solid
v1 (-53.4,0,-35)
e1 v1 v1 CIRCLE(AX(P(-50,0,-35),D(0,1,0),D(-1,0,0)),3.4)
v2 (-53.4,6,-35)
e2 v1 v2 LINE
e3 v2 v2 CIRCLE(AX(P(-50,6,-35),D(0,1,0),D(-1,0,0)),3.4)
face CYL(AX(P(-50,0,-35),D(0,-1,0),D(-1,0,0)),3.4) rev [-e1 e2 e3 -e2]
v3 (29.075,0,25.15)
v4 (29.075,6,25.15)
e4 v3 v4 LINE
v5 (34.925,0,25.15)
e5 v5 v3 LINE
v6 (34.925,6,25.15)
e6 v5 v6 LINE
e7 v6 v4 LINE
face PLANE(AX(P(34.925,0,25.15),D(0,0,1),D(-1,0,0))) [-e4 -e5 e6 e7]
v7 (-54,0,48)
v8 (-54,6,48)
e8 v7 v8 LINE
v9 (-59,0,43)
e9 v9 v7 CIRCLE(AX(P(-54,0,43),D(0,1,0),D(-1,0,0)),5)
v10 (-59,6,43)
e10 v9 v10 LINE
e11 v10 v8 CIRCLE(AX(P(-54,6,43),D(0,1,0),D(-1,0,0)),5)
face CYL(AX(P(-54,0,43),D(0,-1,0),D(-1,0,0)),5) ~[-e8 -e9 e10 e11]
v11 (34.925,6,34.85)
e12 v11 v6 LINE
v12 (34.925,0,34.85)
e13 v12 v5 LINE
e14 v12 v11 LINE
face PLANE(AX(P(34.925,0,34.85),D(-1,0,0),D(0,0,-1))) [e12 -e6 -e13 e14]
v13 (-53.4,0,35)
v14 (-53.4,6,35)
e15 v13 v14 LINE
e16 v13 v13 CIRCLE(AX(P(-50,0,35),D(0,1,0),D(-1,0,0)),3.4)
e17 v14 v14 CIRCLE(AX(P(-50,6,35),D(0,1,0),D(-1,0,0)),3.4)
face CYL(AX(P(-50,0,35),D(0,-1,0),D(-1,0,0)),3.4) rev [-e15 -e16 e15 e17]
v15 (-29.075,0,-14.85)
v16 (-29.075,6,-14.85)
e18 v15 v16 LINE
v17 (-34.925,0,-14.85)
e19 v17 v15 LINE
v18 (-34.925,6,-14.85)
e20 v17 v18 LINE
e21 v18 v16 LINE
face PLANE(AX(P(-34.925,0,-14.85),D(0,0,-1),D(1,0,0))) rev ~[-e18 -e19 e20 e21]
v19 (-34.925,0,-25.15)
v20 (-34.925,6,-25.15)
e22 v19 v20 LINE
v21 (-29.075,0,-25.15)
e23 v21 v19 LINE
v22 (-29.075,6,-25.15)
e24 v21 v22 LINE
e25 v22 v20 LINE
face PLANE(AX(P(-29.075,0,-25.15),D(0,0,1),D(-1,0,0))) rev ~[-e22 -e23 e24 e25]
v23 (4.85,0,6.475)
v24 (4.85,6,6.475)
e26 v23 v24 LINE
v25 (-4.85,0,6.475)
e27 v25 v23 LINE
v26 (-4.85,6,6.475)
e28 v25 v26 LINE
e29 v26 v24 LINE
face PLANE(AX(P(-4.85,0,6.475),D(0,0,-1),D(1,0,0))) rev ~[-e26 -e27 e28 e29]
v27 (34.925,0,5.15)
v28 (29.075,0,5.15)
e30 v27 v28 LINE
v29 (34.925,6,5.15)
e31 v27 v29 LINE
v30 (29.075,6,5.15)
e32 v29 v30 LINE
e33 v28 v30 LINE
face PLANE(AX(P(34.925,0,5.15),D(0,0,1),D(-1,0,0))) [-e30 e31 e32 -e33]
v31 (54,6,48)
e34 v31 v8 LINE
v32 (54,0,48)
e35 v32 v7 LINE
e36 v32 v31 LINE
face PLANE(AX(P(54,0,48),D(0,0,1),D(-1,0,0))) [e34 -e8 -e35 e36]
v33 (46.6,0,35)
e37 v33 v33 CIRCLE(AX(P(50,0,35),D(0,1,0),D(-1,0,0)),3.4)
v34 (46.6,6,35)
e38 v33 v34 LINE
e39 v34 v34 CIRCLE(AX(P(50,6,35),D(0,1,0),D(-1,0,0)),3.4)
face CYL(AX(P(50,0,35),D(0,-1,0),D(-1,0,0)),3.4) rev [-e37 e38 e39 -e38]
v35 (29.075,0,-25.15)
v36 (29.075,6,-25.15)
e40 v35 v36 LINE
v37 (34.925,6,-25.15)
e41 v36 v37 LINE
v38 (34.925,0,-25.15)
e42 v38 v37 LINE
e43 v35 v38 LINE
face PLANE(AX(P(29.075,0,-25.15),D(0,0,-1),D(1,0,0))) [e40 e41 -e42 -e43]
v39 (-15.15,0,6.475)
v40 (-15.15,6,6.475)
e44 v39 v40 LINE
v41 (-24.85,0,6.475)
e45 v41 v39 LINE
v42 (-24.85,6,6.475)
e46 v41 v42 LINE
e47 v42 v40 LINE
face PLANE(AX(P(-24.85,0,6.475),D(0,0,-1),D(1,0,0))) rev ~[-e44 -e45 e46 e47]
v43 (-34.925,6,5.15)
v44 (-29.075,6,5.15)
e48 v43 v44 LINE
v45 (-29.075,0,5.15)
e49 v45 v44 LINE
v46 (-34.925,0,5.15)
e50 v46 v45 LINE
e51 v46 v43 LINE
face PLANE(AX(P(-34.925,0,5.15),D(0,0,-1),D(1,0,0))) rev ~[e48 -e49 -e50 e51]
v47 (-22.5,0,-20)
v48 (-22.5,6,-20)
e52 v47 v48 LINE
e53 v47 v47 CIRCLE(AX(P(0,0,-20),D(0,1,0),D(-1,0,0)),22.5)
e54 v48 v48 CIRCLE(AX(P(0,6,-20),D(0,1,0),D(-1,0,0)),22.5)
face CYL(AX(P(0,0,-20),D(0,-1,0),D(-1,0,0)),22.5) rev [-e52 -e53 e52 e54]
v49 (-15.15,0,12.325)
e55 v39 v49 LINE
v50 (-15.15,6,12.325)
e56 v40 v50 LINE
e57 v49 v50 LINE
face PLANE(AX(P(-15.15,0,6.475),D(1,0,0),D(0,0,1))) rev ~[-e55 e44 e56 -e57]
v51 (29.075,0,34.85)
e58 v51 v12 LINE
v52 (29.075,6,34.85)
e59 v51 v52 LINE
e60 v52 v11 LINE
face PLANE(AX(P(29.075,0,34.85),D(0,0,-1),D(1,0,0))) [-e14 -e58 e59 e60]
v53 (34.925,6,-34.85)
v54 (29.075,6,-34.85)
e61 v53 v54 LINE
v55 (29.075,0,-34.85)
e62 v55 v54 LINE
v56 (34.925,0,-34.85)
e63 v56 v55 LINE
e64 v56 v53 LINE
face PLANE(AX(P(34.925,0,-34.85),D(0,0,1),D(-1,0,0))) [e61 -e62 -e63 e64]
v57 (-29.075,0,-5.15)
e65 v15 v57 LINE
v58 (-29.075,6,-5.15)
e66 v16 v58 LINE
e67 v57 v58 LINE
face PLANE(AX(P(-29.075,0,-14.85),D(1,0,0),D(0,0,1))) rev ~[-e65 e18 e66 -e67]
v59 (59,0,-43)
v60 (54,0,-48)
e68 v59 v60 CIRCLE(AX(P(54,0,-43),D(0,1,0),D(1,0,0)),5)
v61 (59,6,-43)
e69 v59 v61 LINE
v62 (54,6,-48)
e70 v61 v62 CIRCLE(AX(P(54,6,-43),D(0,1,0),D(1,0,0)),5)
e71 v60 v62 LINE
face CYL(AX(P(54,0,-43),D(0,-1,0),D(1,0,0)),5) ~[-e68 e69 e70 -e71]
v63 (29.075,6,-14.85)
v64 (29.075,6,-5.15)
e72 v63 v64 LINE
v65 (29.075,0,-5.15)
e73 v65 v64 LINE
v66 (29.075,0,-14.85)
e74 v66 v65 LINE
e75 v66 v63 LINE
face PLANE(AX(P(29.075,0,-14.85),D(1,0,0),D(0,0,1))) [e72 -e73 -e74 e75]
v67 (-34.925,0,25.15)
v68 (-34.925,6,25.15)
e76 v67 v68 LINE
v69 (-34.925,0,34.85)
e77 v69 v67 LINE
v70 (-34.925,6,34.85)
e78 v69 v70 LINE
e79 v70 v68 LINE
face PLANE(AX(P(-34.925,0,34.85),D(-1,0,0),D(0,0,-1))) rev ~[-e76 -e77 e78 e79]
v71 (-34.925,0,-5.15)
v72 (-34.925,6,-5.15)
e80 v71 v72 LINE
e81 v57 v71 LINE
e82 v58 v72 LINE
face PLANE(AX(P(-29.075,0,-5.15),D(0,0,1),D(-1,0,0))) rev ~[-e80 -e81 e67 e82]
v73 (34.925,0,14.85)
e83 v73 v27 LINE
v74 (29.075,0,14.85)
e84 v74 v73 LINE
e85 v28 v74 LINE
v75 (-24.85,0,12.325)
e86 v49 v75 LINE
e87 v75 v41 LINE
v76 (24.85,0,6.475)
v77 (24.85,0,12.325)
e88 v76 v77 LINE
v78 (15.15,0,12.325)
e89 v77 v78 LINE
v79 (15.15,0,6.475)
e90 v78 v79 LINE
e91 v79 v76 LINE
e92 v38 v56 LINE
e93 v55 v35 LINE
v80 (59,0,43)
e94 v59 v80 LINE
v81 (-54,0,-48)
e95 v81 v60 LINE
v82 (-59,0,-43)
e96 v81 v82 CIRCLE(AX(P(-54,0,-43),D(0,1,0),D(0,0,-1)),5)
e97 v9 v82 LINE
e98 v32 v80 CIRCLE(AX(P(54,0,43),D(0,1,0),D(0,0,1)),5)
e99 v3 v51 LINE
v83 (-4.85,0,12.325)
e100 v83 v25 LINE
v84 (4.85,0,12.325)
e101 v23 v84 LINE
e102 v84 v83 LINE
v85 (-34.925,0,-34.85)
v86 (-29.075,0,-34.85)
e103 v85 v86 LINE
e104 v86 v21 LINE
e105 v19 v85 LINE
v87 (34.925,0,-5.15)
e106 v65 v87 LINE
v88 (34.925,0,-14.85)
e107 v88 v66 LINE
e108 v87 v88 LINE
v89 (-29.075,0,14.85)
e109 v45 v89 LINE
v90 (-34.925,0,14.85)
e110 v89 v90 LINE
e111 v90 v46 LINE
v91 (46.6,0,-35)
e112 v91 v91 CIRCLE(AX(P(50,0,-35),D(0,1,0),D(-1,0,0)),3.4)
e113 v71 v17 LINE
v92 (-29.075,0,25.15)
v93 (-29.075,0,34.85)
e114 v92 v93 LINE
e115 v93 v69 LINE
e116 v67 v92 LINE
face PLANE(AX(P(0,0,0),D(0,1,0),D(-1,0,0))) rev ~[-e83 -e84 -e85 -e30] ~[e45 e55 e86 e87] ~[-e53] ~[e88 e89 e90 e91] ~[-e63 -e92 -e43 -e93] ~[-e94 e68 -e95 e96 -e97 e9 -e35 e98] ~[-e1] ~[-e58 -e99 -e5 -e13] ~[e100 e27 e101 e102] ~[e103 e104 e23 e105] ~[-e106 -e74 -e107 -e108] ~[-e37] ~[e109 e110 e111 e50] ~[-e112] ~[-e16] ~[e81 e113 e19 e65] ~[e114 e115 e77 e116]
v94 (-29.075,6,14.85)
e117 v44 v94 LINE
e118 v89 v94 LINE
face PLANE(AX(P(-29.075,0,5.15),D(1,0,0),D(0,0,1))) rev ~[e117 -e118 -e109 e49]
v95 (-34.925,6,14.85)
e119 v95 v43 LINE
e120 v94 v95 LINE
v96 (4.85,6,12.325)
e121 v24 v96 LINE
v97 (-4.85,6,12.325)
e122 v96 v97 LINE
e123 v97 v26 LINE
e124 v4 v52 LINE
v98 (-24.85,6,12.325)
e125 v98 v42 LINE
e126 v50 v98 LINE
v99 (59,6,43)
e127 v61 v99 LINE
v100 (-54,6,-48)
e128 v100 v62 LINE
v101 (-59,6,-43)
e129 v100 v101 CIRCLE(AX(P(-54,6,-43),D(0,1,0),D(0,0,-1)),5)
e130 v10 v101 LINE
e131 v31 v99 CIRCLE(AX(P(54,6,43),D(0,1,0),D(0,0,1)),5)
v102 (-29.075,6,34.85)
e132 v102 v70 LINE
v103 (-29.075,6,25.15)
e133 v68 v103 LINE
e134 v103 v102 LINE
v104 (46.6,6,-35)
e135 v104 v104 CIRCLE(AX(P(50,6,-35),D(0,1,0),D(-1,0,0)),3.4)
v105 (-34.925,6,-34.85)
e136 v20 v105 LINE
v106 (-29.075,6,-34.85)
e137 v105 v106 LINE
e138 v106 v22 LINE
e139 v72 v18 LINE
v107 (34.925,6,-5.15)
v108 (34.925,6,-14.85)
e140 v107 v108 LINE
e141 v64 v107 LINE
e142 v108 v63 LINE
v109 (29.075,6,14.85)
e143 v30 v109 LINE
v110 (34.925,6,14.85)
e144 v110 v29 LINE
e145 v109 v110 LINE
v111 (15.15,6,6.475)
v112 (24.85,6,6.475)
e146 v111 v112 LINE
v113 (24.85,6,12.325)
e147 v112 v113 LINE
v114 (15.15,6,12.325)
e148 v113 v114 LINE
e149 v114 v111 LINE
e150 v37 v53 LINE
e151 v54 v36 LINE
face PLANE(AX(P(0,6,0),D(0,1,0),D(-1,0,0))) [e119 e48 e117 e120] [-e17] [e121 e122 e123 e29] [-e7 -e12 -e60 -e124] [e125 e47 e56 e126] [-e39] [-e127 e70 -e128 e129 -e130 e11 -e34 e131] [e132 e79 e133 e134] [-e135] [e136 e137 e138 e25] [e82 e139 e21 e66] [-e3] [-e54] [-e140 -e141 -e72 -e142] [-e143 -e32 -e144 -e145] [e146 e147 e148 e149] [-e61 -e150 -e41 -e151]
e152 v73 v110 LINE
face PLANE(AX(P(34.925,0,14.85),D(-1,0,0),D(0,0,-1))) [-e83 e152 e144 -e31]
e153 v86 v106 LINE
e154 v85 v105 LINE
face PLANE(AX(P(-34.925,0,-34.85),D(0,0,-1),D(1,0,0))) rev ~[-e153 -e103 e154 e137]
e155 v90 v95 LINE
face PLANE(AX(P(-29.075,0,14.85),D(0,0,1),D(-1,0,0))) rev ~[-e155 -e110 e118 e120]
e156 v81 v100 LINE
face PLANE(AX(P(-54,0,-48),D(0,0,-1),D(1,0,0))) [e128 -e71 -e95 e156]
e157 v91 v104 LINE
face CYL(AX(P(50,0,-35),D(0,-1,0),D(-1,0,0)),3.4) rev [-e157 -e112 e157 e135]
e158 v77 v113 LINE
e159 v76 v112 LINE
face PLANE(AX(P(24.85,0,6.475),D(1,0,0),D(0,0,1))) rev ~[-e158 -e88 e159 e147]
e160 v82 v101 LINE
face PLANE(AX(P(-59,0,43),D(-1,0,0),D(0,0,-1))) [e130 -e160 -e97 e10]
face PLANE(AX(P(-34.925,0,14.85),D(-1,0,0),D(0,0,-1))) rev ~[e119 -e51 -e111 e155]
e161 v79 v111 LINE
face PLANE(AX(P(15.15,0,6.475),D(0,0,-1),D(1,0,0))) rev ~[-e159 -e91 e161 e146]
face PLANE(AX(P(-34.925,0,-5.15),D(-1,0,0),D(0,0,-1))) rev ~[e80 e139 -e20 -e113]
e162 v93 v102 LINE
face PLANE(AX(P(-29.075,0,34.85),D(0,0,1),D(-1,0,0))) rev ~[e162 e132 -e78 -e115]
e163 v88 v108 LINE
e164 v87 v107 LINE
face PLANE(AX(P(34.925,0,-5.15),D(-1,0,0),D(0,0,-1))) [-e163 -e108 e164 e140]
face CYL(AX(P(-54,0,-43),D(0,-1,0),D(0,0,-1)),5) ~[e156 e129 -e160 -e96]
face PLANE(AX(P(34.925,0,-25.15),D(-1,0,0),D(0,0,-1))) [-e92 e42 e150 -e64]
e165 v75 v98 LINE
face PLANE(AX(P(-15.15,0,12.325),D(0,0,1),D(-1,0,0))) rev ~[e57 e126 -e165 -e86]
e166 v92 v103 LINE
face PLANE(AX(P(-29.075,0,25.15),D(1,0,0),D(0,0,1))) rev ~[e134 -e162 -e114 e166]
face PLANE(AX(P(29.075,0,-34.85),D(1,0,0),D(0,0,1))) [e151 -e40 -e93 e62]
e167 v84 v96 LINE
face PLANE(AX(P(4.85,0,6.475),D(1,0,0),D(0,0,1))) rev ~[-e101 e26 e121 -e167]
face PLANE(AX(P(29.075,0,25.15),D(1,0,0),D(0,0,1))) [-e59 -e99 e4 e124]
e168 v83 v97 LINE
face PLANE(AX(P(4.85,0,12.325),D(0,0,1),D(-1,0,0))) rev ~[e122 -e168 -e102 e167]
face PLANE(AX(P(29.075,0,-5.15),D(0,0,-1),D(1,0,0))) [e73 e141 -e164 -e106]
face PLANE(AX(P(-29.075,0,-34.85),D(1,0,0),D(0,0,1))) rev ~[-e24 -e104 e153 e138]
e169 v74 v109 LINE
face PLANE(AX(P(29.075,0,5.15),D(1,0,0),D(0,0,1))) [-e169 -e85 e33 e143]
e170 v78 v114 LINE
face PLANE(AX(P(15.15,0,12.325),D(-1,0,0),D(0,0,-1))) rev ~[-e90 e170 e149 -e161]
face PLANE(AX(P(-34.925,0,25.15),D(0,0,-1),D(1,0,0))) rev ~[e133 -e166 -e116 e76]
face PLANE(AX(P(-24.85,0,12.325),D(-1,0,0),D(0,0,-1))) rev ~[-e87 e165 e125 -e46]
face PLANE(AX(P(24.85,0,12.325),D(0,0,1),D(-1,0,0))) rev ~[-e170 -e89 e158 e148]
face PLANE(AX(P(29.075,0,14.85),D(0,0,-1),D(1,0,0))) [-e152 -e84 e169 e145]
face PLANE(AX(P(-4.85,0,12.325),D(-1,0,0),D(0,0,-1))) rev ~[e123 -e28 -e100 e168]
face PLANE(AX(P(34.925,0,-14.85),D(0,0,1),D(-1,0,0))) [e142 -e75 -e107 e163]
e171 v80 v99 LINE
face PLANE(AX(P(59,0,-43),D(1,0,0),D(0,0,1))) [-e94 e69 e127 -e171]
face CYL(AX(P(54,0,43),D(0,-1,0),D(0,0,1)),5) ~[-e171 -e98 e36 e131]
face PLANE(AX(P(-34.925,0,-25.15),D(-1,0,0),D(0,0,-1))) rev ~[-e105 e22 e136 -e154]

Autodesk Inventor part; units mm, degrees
ref_plane "YZ Plane" through (0, 0, 0) normal (1, 0, 0) x (0, 1, 0)
ref_plane "XZ Plane" through (0, 0, 0) normal (0, 1, 0) x (-1, 0, 0)
ref_plane "XY Plane" through (0, 0, 0) normal (0, 0, 1) x (1, 0, 0)
sketch "Sketch1" plane through (0, 0, 0) normal (0, 1, 0) x (-1, 0, 0)
  line L0 (54, -48) -> (-54, -48)
  line L1 (-59, -43) -> (-59, 43)
  line L2 (-54, 48) -> (54, 48)
  line L3 (59, 43) -> (59, -43)
  line L4 (50, -35) -> (-50, -35) construction
  line L5 (-50, -35) -> (-50, 35) construction
  line L6 (-50, 35) -> (50, 35) construction
  line L7 (50, 35) -> (50, -35) construction
  arc A0 (59, 43) -> (54, 48) centre (54, 43) ccw
  arc A1 (-54, 48) -> (-59, 43) centre (-54, 43) ccw
  arc A2 (-59, -43) -> (-54, -48) centre (-54, -43) ccw
  arc A3 (54, -48) -> (59, -43) centre (54, -43) ccw
  circle A4 centre (50, -35) radius 3.4
  circle A5 centre (50, 35) radius 3.4
  circle A6 centre (-50, -35) radius 3.4
  circle A7 centre (-50, 35) radius 3.4
  line L8 (0, -20) -> (0, 20) construction
  line L9 (25, -20) -> (25, 20) construction
  line L10 (-25, 20) -> (-25, -20) construction
  arc A8 (-25, -20) -> (25, -20) centre (0, -20) ccw construction
  arc A9 (25, 20) -> (-25, 20) centre (0, 20) ccw construction
  circle A10 centre (0, -20) radius 22.5
  circle A11 centre (50, -35) radius 9.5 construction
  circle A12 centre (-50, -35) radius 9.5 construction
  circle A13 centre (50, 35) radius 9.5 construction
  circle A14 centre (-50, 35) radius 9.5 construction
  line L11 (35, -35) -> (29, -35) construction
  line L12 (29, -35) -> (29, 35) construction
  line L13 (29, 35) -> (35, 35) construction
  line L14 (35, 35) -> (35, -35) construction
  line L15 (35, 6.4) -> (-35, 6.4) construction
  line L16 (-35, 12.4) -> (35, 12.4) construction
  line L17 (35, 12.4) -> (35, 6.4) construction
  line L18 (-25, -20) -> (-25, 20) construction
  line L19 (4.85, 6.475) -> (-4.85, 6.475)
  line L20 (-4.85, 6.475) -> (-4.85, 12.325)
  line L21 (-4.85, 12.325) -> (4.85, 12.325)
  line L22 (4.85, 12.325) -> (4.85, 6.475)
  line L23 (0, 6.4) -> (0, 12.4) construction
  line L24 (34.925, -34.85) -> (29.075, -34.85)
  line L25 (29.075, -34.85) -> (29.075, -25.15)
  line L26 (29.075, -25.15) -> (34.925, -25.15)
  line L27 (34.925, -25.15) -> (34.925, -34.85)
  line L28 (34.925, -14.85) -> (29.075, -14.85)
  line L29 (34.925, -5.15) -> (34.925, -14.85)
  line L30 (29.075, -5.15) -> (34.925, -5.15)
  line L31 (29.075, -14.85) -> (29.075, -5.15)
  line L32 (34.925, 5.15) -> (29.075, 5.15)
  line L33 (34.925, 14.85) -> (34.925, 5.15)
  line L34 (29.075, 14.85) -> (34.925, 14.85)
  line L35 (29.075, 5.15) -> (29.075, 14.85)
  line L36 (34.925, 25.15) -> (29.075, 25.15)
  line L37 (34.925, 34.85) -> (34.925, 25.15)
  line L38 (29.075, 34.85) -> (34.925, 34.85)
  line L39 (29.075, 25.15) -> (29.075, 34.85)
  line L40 (-35, -35) -> (-29, -35) construction
  line L41 (-29, -35) -> (-29, 35) construction
  line L42 (-29, 35) -> (-35, 35) construction
  line L43 (-35, 35) -> (-35, -35) construction
  line L44 (-35, 12.4) -> (-35, 6.4) construction
  line L45 (-34.925, -34.85) -> (-29.075, -34.85)
  line L46 (-29.075, -34.85) -> (-29.075, -25.15)
  line L47 (-29.075, -25.15) -> (-34.925, -25.15)
  line L48 (-34.925, -25.15) -> (-34.925, -34.85)
  line L49 (-34.925, -14.85) -> (-29.075, -14.85)
  line L50 (-34.925, -5.15) -> (-34.925, -14.85)
  line L51 (-29.075, -5.15) -> (-34.925, -5.15)
  line L52 (-29.075, -14.85) -> (-29.075, -5.15)
  line L53 (-34.925, 5.15) -> (-29.075, 5.15)
  line L54 (-34.925, 14.85) -> (-34.925, 5.15)
  line L55 (-29.075, 14.85) -> (-34.925, 14.85)
  line L56 (-29.075, 5.15) -> (-29.075, 14.85)
  line L57 (-34.925, 25.15) -> (-29.075, 25.15)
  line L58 (-34.925, 34.85) -> (-34.925, 25.15)
  line L59 (-29.075, 34.85) -> (-34.925, 34.85)
  line L60 (-29.075, 25.15) -> (-29.075, 34.85)
  line L61 (24.85, 6.475) -> (15.15, 6.475)
  line L62 (24.85, 12.325) -> (24.85, 6.475)
  line L63 (20, 6.4) -> (20, 12.4) construction
  line L64 (15.15, 12.325) -> (24.85, 12.325)
  line L65 (15.15, 6.475) -> (15.15, 12.325)
  line L66 (-15.15, 6.475) -> (-24.85, 6.475)
  line L67 (-15.15, 12.325) -> (-15.15, 6.475)
  line L68 (-20, 6.4) -> (-20, 12.4) construction
  line L69 (-24.85, 12.325) -> (-15.15, 12.325)
  line L70 (-24.85, 6.475) -> (-24.85, 12.325)
  line L71 (4.85, 6.475) -> (-4.85, 6.475)
  line L72 (4.85, 12.325) -> (4.85, 6.475)
  line L73 (0, 6.4) -> (0, 12.4) construction
  line L74 (-4.85, 12.325) -> (4.85, 12.325)
  line L75 (-4.85, 6.475) -> (-4.85, 12.325)
  point P0 (0, 0)
  point P1 (-59, 0)
  point P2 (0, -48)
  point P3 (0, -35)
  point P4 (-50, 0)
  point P5 (0, 0)
  point P6 (32, -35)
  point P7 (-4.85, 9.4)
  point P8 (4.85, 9.4)
  point P9 (0, 6.475)
  point P10 (32, -25.15)
  point P11 (32, -30)
  point P12 (29.075, -30)
  point P13 (32, -34.85)
  point P14 (32, -35)
  point P15 (29, 0)
  point P16 (32, -14.85)
  point P17 (32, -5.15)
  point P18 (29.075, -10)
  point P19 (32, -10)
  point P20 (32, 5.15)
  point P21 (32, 14.85)
  point P22 (29.075, 10)
  point P23 (32, 10)
  point P24 (32, 25.15)
  point P25 (32, 34.85)
  point P26 (29.075, 30)
  point P27 (32, 30)
  point P28 (-32, -35)
  point P29 (-32, -25.15)
  point P30 (-32, -30)
  point P31 (-29.075, -30)
  point P32 (-32, -34.85)
  point P33 (-32, -35)
  point P34 (-29, 0)
  point P35 (-32, -14.85)
  point P36 (-32, -5.15)
  point P37 (-29.075, -10)
  point P38 (-32, -10)
  point P39 (-32, 5.15)
  point P40 (-32, 14.85)
  point P41 (-29.075, 10)
  point P42 (-32, 10)
  point P43 (-32, 25.15)
  point P44 (-32, 34.85)
  point P45 (-29.075, 30)
  point P46 (-32, 30)
  point P47 (35, 9.4)
  point P48 (35, 0)
  point P49 (20, 6.475)
  point P50 (24.85, 9.4)
  point P51 (15.15, 9.4)
  point P52 (-20, 6.475)
  point P53 (-15.15, 9.4)
  point P54 (-24.85, 9.4)
  point P55 (0, 6.475)
  point P56 (4.85, 9.4)
  point P57 (-4.85, 9.4)
  dimension "d0" = 96
  dimension "d1" = 118
  dimension "d2" = 70
  dimension "d3" = 100
  dimension "d4" = 5
  dimension "d5" = 6.8
  dimension "d6" = 6.8
  dimension "d8" = 6.8
  dimension "d10" = 6.8
  dimension "d13" = 25
  dimension "d14" = 40
  dimension "d17" = 45
  dimension "d19" = 19
  dimension "d22" = 100
  dimension "d25" = 70
  dimension "d28" = 6
  dimension "d29" = 6
  dimension "d30" = 26.4
  dimension "d31" = 15
  dimension "d41" = 5.85
  dimension "d42" = 9.7
  dimension "d54" = 5.85
  dimension "d55" = 9.7
  dimension "d56" = 30
  dimension "d59" = 20
  dimension "d64" = 9.4
  dimension "d67" = 20
  dimension "d70" = 20
extrude "Extrusion1" add sketch "Sketch1" along normal blind 6
equation "\"d0\" = moduleHeight"
equation "\"d1\" = moduleWidth"
equation "\"d2\" = moduleMountH"
equation "\"d3\" = moduleMountW"
equation "\"d4\" = moduleCornerR"
equation "\"d5\" = moduleMountD"
equation "\"d6\" = moduleMountD"
equation "\"d8\" = moduleMountD"
equation "\"d10\" = moduleMountD"
equation "\"d13\" = moduleOpeningR"
equation "\"d14\" = moduleOpeningH"
equation "\"d17\" = openingMFC"
equation "\"d19\" = moduleMountClearance"
equation "\"d28\" = thickness"
equation "\"d29\" = thickness"
equation "\"d30\" = 0.5 * actuatorH + thickness"
equation "\"d31\" = supportSpacingFromMounting"
equation "\"d41\" = fingerholeH"
equation "\"d42\" = fingerholeW"
equation "\"d54\" = fingerholeH"
equation "\"d55\" = fingerholeW"
equation "\"d56\" = 1.5 * fingerSpacing"
equation "\"d15\" = thickness"
equation "\"moduleWidth\" = 118"
equation "\"moduleHeight\" = 96"
equation "\"moduleMountW\" = 100"
equation "\"moduleMountH\" = 70"
equation "\"moduleMountD\" = 6.8"
equation "\"moduleCornerR\" = 5"
equation "\"moduleOpeningR\" = 25"
equation "\"moduleOpeningH\" = 40"
equation "\"thickness\" = 6"
equation "\"kerf\" = 0.15"
equation "\"fingerholeW\" = fingerW - 2 * kerf"
equation "\"fingerholeH\" = thickness - kerf"
equation "\"moduleMountClearance\" = 19"
equation "\"actuatorW\" = 28"
equation "\"actuatorH\" = 40.8"
equation "\"openingMFC\" = 45"
equation "\"supportXW\" = -2 * thickness + moduleMountW - 2 * supportSpacingFromMounting + kerf"
equation "\"supportSpacingFromMounting\" = 15"
equation "\"supportsCTCZ\" = 9.4"
equation "\"fingerW\" = 10"
equation "\"fingerSpacing\" = 20"
properties part number "Module_base_MFC"
